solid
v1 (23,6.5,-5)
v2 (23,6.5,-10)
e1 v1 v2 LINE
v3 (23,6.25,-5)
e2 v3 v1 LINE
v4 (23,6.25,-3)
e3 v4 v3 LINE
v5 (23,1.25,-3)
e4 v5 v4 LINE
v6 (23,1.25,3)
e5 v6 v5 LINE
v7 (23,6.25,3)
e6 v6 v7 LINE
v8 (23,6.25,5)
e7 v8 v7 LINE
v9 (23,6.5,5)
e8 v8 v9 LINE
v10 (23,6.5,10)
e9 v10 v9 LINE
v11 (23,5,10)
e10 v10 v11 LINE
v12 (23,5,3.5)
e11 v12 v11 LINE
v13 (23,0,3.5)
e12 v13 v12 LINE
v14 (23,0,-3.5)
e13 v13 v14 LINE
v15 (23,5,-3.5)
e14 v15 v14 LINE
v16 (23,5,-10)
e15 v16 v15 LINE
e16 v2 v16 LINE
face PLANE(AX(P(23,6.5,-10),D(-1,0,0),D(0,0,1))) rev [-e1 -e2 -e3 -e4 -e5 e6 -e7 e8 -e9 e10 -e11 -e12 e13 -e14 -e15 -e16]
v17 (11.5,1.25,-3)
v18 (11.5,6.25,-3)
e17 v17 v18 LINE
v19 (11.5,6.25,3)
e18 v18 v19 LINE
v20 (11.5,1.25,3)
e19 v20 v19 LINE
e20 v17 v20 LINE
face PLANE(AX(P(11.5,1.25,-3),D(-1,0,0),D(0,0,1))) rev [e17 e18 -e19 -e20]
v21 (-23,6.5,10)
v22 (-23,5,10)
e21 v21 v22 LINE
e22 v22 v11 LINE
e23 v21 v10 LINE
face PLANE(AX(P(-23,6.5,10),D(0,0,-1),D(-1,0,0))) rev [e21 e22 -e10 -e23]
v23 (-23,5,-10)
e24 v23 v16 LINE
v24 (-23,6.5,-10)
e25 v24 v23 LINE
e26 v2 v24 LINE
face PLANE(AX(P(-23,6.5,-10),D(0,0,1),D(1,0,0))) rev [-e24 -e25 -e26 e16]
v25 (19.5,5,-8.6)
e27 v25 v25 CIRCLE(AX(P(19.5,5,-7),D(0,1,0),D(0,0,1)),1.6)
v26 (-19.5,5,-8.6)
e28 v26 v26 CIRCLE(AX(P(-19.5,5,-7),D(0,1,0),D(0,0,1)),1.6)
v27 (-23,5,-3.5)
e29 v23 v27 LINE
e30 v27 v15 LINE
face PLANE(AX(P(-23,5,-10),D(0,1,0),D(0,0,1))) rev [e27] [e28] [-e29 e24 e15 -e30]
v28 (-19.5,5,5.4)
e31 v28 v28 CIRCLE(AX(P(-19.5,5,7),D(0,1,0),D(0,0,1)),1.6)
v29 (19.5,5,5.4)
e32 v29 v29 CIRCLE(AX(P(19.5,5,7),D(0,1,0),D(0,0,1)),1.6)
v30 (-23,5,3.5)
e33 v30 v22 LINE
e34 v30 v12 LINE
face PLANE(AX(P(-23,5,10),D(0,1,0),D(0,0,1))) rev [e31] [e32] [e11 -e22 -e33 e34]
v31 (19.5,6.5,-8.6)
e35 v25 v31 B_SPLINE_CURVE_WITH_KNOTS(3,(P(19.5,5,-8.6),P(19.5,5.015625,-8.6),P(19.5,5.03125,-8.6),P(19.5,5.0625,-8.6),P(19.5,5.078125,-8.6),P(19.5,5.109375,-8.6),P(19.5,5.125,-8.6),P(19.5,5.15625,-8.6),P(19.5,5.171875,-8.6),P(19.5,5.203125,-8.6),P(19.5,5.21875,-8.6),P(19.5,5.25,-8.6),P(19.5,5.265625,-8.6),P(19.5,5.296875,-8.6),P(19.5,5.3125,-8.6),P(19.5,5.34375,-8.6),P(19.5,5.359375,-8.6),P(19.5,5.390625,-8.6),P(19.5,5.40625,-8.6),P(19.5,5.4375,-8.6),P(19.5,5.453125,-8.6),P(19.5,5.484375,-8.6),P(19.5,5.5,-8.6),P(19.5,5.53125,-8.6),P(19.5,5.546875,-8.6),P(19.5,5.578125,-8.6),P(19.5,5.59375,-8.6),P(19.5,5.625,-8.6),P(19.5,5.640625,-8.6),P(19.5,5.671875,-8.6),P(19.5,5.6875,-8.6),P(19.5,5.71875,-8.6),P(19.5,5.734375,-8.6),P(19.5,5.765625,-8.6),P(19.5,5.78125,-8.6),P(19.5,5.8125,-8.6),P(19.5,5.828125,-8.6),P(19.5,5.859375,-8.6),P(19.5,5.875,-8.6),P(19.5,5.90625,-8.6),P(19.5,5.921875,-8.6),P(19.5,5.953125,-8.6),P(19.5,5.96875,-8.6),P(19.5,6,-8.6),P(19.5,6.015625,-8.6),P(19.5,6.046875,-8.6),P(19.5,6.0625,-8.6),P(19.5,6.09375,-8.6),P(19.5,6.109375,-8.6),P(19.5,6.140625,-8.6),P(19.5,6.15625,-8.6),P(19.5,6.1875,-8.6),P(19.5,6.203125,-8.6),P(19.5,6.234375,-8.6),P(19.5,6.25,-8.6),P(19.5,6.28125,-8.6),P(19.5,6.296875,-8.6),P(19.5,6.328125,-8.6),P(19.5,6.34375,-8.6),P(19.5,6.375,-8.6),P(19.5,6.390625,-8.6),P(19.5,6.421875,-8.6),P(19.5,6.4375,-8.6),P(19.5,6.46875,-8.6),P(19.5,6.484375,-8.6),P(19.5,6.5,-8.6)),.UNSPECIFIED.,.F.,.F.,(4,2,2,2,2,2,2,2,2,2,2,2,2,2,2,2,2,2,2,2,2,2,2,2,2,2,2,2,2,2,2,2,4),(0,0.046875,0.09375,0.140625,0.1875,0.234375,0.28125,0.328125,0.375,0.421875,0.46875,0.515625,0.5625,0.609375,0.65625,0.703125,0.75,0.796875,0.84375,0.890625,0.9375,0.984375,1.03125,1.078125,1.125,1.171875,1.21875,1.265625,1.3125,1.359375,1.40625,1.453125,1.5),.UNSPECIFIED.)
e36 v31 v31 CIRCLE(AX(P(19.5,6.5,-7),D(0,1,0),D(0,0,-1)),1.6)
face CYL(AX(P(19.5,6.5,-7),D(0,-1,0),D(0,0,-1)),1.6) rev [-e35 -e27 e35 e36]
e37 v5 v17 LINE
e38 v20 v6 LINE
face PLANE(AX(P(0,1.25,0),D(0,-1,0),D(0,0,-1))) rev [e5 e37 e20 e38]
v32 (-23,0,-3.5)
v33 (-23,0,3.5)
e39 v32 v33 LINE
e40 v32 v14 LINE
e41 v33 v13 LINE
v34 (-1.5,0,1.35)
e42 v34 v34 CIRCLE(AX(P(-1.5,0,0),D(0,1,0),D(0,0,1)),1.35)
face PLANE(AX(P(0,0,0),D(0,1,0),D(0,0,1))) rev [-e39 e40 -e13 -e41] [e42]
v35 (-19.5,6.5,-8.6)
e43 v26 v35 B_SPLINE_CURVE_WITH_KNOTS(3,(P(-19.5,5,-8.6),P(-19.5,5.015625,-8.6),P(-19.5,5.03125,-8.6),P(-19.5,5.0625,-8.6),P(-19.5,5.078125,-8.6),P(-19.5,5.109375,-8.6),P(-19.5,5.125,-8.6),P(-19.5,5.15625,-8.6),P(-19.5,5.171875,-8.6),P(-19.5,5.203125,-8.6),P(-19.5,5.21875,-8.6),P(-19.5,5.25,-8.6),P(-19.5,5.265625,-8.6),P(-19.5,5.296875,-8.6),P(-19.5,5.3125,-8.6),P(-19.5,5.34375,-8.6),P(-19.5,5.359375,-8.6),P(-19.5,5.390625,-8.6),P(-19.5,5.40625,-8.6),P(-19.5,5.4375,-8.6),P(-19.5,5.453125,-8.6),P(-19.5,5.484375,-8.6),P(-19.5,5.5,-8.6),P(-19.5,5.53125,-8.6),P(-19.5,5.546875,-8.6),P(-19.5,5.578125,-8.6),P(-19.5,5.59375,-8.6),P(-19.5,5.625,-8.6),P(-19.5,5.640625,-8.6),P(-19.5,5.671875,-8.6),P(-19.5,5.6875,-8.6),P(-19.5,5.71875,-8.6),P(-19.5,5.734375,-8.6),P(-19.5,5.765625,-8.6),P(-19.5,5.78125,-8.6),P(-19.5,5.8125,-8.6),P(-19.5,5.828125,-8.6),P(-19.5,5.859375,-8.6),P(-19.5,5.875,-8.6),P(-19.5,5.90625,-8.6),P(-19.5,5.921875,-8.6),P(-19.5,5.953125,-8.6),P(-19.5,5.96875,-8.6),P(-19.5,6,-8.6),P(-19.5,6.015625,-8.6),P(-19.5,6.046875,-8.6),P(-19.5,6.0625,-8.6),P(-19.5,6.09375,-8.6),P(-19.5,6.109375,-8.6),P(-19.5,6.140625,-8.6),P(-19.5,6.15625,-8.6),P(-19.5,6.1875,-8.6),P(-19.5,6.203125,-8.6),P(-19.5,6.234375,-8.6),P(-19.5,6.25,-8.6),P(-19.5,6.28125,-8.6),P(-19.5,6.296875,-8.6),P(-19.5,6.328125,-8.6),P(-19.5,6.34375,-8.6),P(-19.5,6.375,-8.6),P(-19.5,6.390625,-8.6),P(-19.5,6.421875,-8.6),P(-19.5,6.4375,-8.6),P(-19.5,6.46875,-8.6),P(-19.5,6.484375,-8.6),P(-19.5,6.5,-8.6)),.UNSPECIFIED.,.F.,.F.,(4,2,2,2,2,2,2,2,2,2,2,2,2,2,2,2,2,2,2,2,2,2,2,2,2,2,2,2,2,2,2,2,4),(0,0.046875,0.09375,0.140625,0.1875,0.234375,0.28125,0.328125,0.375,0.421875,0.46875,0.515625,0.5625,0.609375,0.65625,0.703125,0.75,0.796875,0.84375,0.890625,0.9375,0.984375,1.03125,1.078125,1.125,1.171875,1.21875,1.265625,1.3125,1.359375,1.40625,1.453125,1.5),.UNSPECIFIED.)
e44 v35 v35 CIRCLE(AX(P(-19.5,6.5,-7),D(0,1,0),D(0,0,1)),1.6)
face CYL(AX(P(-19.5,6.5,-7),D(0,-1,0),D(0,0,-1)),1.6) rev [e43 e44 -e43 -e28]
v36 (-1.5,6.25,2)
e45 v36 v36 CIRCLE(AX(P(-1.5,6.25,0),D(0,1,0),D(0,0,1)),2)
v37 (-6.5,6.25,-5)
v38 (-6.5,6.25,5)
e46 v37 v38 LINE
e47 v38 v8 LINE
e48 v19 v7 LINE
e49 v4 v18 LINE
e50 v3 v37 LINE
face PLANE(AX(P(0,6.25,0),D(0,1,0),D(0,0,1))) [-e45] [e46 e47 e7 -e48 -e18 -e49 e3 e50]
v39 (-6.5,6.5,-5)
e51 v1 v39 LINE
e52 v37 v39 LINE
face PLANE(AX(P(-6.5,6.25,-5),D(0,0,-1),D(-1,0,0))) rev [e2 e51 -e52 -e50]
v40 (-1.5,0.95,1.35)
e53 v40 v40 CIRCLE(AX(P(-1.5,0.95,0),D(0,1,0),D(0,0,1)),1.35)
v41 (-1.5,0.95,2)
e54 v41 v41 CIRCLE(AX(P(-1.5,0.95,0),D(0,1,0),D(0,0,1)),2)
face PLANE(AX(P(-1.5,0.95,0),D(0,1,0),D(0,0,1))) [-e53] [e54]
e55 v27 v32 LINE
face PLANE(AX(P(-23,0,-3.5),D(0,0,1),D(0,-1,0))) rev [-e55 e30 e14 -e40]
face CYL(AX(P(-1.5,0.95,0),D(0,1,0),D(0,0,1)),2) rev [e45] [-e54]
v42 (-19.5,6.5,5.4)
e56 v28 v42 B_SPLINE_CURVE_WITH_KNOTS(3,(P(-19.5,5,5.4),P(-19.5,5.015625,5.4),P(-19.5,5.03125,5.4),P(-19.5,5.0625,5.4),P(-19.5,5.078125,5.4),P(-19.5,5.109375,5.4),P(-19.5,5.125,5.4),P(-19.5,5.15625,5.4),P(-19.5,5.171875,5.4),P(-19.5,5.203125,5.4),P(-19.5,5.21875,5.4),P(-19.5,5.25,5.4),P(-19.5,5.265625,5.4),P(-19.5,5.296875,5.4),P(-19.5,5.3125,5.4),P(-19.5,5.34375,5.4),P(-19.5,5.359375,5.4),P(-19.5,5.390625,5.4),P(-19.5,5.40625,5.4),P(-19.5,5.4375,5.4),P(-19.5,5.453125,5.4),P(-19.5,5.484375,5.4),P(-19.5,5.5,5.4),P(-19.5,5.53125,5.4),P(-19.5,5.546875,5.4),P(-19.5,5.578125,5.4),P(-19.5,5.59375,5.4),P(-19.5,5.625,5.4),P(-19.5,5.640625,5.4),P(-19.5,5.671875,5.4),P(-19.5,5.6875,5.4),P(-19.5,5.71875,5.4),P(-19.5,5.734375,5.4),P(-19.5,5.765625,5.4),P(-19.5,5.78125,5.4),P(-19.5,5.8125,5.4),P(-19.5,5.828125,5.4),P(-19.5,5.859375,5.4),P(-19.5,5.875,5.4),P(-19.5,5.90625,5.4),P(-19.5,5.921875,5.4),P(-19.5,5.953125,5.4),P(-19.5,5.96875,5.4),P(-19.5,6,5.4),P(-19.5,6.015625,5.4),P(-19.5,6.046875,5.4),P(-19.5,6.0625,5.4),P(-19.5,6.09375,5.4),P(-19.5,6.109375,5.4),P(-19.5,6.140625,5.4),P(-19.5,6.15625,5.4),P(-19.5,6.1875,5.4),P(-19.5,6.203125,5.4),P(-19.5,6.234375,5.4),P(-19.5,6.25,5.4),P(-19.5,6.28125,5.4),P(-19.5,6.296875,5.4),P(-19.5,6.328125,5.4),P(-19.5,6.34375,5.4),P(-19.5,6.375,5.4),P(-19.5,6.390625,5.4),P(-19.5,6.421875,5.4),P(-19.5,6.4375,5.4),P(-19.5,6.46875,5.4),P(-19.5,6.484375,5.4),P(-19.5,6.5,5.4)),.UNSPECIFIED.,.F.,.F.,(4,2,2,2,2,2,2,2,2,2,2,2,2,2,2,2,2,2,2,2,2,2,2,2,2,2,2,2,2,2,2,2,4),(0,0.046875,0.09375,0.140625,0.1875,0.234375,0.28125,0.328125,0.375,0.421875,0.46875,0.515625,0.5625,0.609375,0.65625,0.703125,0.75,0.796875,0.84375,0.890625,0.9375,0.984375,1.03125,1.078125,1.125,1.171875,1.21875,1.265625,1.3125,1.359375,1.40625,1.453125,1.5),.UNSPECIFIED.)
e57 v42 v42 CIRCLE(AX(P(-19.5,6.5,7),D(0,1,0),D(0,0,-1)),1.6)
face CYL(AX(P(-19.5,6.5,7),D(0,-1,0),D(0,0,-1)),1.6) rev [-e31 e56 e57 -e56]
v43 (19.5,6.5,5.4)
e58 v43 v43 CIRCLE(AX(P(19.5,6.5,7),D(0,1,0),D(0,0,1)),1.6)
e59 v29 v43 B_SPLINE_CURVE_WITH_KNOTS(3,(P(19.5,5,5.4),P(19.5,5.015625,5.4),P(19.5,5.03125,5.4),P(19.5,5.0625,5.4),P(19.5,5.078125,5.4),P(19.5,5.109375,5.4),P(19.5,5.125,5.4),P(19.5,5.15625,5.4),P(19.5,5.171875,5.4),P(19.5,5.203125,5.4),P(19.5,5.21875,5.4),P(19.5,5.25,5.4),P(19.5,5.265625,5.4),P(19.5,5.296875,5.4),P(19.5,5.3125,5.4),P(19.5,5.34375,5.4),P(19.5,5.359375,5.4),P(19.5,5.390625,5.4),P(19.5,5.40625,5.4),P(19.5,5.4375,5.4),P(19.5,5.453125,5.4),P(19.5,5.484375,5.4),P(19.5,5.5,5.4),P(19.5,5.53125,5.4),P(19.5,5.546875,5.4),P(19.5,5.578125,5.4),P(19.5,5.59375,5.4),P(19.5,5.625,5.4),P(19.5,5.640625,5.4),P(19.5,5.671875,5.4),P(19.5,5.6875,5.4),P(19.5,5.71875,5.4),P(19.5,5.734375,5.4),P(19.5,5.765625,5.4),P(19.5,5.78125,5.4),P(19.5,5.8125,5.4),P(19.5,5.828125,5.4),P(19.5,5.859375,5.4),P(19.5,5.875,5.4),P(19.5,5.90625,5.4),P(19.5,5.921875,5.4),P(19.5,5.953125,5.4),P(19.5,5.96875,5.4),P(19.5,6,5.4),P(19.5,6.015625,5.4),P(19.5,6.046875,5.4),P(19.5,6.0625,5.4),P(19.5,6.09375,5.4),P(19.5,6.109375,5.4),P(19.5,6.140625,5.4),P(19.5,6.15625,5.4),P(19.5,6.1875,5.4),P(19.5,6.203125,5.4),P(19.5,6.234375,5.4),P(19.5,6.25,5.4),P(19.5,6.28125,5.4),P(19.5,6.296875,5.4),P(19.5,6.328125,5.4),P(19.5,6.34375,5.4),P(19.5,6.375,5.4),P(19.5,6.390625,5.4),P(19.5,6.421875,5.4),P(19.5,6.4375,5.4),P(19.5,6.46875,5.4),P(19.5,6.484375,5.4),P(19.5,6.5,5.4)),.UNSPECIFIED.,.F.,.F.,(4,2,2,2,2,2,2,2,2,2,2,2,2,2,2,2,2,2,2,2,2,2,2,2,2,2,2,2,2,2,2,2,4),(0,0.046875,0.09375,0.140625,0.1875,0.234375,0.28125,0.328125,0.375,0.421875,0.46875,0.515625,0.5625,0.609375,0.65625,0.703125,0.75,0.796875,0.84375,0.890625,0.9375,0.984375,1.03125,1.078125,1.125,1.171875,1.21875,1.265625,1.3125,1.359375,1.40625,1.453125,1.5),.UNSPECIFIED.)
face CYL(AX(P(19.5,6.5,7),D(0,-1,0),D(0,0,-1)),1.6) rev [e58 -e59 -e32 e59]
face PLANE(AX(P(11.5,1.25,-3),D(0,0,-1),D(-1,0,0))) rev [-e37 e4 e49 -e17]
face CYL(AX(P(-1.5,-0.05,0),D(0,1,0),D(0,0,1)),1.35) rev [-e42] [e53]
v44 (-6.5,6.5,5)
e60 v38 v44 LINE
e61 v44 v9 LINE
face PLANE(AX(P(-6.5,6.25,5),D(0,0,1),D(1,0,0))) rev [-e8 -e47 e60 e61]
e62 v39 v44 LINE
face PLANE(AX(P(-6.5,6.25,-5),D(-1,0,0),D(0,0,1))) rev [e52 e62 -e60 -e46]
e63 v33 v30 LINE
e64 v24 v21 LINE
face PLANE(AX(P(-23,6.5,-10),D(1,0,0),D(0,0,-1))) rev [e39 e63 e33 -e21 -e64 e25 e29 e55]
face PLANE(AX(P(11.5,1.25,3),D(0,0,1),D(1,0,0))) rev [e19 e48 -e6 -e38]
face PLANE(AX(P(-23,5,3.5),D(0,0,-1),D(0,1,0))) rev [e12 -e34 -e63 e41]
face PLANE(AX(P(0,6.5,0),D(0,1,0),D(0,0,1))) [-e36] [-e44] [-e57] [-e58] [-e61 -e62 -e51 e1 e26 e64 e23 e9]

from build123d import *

# Parameters (mm, degrees)
SKETCH_1_W          = 46
SKETCH_1_H          = 20
SKETCH_1_R          = 1.6
EXTRUDE_1_DEPTH     = 6.5
SKETCH_2_W          = 29.5
SKETCH_2_H          = 10
CUT_EXTRUDE_1_DEPTH = 0.25
SKETCH_3_R          = 2
CUT_EXTRUDE_2_DEPTH = 5.3
SKETCH_4_R          = 1.35
CUT_EXTRUDE_3_DEPTH = 1
SKETCH_5_W          = 11.5
SKETCH_5_H          = 6
CUT_EXTRUDE_4_DEPTH = 5
SKETCH_7_W          = 6.5
SKETCH_7_H          = 5
CUT_EXTRUDE_5_DEPTH = 48.521047968


with BuildPart() as part:
    # 草图1 → 凸台-拉伸1 (new body)
    with BuildSketch(Plane(origin=(0, 0, 0), x_dir=(1, 0, 0), z_dir=(0, 1, 0))):
        Rectangle(SKETCH_1_W, SKETCH_1_H)
        with Locations(Location((-19.5, 7, 0), (0, 0, 90))):
            Circle(SKETCH_1_R, mode=Mode.SUBTRACT)
        with Locations(Location((19.5, 7, 0), (0, 0, 90))):
            Circle(SKETCH_1_R, mode=Mode.SUBTRACT)
        with Locations(Location((-19.5, -7, 0), (0, 0, 90))):
            Circle(SKETCH_1_R, mode=Mode.SUBTRACT)
        with Locations(Location((19.5, -7, 0), (0, 0, 90))):
            Circle(SKETCH_1_R, mode=Mode.SUBTRACT)
    extrude(amount=EXTRUDE_1_DEPTH)

    # 草图2 → 切除-拉伸1 (cut)
    with BuildSketch(Plane(origin=(0, 6.5, 0), x_dir=(1, 0, 0), z_dir=(0, 1, 0))):
        with Locations((8.25, 0)):
            Rectangle(SKETCH_2_W, SKETCH_2_H)
    extrude(amount=-CUT_EXTRUDE_1_DEPTH, mode=Mode.SUBTRACT)

    # 草图3 → 切除-拉伸2 (cut)
    with BuildSketch(Plane(origin=(0, 6.25, 0), x_dir=(1, 0, 0), z_dir=(0, 1, 0))):
        with Locations(Location((-1.5, 0, 0), (0, 0, 270))):
            Circle(SKETCH_3_R)
    extrude(amount=-CUT_EXTRUDE_2_DEPTH, mode=Mode.SUBTRACT)

    # 草图4 → 切除-拉伸3 (cut)
    with BuildSketch(Plane(origin=(0, 0.95, 0), x_dir=(1, 0, 0), z_dir=(0, 1, 0))):
        with Locations(Location((-1.5, 0, 0), (0, 0, 270))):
            Circle(SKETCH_4_R)
    extrude(amount=-CUT_EXTRUDE_3_DEPTH, mode=Mode.SUBTRACT)

    # 草图5 → 切除-拉伸4 (cut)
    with BuildSketch(Plane(origin=(0, 6.25, 0), x_dir=(1, 0, 0), z_dir=(0, 1, 0))):
        with Locations((17.25, 0)):
            Rectangle(SKETCH_5_W, SKETCH_5_H)
    extrude(amount=-CUT_EXTRUDE_4_DEPTH, mode=Mode.SUBTRACT)

    # 草图7 → 切除-拉伸5 (cut, through all)
    with BuildSketch(Plane(origin=(23, 0, 0), x_dir=(0, 0, -1), z_dir=(1, 0, 0))):
        with Locations((-6.75, 2.5)):
            Rectangle(SKETCH_7_W, SKETCH_7_H)
        with Locations((6.75, 2.5)):
            Rectangle(SKETCH_7_W, SKETCH_7_H)
    extrude(amount=-CUT_EXTRUDE_5_DEPTH, mode=Mode.SUBTRACT)


solid = part.part
